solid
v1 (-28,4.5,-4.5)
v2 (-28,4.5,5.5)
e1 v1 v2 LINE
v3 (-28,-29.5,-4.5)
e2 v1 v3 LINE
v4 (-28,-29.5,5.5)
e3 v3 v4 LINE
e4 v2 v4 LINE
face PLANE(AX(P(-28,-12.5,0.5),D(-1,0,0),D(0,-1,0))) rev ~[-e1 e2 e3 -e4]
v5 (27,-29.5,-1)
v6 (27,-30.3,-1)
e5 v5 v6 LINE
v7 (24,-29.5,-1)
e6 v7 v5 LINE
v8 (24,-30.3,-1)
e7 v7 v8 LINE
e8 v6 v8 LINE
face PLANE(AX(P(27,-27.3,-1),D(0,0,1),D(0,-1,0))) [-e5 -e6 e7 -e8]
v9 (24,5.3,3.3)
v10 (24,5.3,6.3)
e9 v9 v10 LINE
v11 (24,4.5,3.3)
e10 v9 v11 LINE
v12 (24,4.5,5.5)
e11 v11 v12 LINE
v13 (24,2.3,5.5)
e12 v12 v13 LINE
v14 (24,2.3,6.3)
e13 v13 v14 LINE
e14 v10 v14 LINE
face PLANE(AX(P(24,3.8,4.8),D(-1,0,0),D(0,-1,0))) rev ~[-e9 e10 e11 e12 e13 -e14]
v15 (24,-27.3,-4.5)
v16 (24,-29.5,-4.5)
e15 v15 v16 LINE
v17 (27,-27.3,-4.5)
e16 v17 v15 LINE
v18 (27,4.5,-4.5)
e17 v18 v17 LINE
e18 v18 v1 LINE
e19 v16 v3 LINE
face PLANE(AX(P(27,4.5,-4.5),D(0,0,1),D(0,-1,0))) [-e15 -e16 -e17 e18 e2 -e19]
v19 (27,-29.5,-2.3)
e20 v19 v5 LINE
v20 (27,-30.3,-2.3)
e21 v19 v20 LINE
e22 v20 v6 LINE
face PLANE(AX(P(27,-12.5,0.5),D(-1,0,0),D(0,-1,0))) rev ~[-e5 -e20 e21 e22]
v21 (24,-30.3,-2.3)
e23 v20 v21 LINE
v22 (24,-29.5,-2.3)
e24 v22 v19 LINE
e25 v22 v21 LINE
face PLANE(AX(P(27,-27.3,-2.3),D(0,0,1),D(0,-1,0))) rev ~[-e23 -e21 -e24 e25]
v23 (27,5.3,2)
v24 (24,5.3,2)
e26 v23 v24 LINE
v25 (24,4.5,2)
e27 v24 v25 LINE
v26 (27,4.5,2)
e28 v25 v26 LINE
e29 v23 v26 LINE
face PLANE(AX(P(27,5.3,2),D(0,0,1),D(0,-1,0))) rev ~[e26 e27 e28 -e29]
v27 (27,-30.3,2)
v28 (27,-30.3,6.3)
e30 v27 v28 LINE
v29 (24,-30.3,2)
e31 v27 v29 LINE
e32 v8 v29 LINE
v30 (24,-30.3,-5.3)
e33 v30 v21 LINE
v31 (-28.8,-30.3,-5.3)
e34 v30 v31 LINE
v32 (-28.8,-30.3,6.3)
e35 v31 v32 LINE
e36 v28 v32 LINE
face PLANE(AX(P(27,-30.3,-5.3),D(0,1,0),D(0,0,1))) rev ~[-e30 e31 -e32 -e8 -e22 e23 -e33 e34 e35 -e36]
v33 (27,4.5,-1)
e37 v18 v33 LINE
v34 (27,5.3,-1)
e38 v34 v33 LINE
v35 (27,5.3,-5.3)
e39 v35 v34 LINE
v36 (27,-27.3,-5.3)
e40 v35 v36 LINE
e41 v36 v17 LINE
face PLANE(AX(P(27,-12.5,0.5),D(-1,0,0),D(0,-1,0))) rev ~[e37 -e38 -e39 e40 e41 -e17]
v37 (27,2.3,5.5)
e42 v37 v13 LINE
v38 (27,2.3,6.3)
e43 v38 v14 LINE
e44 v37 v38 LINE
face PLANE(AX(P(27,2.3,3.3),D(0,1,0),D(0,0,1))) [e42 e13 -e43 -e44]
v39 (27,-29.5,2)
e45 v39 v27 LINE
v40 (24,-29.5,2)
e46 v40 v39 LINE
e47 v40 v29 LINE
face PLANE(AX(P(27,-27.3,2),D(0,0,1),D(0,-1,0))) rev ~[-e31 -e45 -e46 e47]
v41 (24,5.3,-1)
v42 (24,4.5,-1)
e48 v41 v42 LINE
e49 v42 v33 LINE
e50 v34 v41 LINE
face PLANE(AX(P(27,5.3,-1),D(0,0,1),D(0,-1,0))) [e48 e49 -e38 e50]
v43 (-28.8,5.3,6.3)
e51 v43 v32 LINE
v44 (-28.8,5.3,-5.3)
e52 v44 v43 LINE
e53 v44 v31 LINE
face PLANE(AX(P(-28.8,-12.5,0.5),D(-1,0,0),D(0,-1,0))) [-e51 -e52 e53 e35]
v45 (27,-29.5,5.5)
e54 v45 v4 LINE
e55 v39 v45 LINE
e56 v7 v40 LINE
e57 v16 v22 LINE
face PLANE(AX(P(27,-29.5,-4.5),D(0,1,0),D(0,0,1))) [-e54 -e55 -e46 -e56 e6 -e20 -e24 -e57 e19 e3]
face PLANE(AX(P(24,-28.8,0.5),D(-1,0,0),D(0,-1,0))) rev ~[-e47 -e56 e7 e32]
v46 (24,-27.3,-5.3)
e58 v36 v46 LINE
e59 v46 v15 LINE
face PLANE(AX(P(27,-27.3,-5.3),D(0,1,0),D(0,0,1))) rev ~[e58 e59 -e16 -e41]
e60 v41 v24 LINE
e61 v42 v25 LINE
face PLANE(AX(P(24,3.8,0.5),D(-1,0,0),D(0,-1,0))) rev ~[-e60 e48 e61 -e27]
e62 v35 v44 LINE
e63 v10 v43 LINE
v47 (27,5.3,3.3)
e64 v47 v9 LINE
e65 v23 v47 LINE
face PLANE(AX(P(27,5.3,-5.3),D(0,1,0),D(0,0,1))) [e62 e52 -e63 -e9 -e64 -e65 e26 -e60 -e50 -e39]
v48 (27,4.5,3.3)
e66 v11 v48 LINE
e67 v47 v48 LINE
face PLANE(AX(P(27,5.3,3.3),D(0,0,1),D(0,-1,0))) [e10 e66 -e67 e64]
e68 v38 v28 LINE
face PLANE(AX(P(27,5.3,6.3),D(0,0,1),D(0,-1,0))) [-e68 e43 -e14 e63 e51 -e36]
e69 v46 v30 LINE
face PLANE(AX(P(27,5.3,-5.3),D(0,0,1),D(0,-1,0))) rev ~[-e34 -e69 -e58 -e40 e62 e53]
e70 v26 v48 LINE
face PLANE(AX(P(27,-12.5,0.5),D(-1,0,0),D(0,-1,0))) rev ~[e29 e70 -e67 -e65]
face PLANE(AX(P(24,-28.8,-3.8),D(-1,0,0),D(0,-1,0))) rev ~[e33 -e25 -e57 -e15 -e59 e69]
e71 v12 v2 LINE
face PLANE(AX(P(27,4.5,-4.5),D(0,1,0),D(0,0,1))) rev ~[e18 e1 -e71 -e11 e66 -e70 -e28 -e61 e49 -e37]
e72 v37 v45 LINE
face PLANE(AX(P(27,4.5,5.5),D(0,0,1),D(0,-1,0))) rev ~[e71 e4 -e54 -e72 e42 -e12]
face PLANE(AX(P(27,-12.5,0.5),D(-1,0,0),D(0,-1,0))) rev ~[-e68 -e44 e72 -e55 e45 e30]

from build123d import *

# Parameters (mm, degrees)
SKETCH006_W             = 35.6
SKETCH006_H             = 11.6
PAD006_DEPTH            = 55.8
SKETCH007_W             = 34
SKETCH007_H             = 10
POCKET_DEPTH            = 55
SKETCH008_W             = 3
SKETCH008_H             = 3
POCKET001_DEPTH         = 3
BODY001_PLACEMENT_ANGLE = 90


with BuildPart() as part:
    # Sketch006 → Pad006 (new body)
    with BuildSketch(Plane.XZ):
        Rectangle(SKETCH006_W, SKETCH006_H)
    extrude(amount=PAD006_DEPTH)

    # Sketch007 → Pocket (cut)
    with BuildSketch(Plane.XZ):
        Rectangle(SKETCH007_W, SKETCH007_H)
    extrude(amount=POCKET_DEPTH, mode=Mode.SUBTRACT)

    # Sketch008 → Pocket001 (cut)
    with BuildSketch(Plane.XZ):
        with Locations((-16.3, 4.3)):
            Rectangle(SKETCH008_W, SKETCH008_H)
        with Locations((16.3, -4.3)):
            Rectangle(SKETCH008_W, SKETCH008_H)
        with Locations((-16.3, 0)):
            Rectangle(SKETCH008_W, SKETCH008_H)
        with Locations((16.3, 0)):
            Rectangle(SKETCH008_W, SKETCH008_H)
    extrude(amount=POCKET001_DEPTH, mode=Mode.SUBTRACT)


with BuildPart() as part_1:
    # Body001 placement: moved
    add(part.part.moved(Location((27, -12.5, 0.5))).rotate(Axis((27, -12.5, 0.5), (0, 0, -1)), BODY001_PLACEMENT_ANGLE))


solid = part_1.part
